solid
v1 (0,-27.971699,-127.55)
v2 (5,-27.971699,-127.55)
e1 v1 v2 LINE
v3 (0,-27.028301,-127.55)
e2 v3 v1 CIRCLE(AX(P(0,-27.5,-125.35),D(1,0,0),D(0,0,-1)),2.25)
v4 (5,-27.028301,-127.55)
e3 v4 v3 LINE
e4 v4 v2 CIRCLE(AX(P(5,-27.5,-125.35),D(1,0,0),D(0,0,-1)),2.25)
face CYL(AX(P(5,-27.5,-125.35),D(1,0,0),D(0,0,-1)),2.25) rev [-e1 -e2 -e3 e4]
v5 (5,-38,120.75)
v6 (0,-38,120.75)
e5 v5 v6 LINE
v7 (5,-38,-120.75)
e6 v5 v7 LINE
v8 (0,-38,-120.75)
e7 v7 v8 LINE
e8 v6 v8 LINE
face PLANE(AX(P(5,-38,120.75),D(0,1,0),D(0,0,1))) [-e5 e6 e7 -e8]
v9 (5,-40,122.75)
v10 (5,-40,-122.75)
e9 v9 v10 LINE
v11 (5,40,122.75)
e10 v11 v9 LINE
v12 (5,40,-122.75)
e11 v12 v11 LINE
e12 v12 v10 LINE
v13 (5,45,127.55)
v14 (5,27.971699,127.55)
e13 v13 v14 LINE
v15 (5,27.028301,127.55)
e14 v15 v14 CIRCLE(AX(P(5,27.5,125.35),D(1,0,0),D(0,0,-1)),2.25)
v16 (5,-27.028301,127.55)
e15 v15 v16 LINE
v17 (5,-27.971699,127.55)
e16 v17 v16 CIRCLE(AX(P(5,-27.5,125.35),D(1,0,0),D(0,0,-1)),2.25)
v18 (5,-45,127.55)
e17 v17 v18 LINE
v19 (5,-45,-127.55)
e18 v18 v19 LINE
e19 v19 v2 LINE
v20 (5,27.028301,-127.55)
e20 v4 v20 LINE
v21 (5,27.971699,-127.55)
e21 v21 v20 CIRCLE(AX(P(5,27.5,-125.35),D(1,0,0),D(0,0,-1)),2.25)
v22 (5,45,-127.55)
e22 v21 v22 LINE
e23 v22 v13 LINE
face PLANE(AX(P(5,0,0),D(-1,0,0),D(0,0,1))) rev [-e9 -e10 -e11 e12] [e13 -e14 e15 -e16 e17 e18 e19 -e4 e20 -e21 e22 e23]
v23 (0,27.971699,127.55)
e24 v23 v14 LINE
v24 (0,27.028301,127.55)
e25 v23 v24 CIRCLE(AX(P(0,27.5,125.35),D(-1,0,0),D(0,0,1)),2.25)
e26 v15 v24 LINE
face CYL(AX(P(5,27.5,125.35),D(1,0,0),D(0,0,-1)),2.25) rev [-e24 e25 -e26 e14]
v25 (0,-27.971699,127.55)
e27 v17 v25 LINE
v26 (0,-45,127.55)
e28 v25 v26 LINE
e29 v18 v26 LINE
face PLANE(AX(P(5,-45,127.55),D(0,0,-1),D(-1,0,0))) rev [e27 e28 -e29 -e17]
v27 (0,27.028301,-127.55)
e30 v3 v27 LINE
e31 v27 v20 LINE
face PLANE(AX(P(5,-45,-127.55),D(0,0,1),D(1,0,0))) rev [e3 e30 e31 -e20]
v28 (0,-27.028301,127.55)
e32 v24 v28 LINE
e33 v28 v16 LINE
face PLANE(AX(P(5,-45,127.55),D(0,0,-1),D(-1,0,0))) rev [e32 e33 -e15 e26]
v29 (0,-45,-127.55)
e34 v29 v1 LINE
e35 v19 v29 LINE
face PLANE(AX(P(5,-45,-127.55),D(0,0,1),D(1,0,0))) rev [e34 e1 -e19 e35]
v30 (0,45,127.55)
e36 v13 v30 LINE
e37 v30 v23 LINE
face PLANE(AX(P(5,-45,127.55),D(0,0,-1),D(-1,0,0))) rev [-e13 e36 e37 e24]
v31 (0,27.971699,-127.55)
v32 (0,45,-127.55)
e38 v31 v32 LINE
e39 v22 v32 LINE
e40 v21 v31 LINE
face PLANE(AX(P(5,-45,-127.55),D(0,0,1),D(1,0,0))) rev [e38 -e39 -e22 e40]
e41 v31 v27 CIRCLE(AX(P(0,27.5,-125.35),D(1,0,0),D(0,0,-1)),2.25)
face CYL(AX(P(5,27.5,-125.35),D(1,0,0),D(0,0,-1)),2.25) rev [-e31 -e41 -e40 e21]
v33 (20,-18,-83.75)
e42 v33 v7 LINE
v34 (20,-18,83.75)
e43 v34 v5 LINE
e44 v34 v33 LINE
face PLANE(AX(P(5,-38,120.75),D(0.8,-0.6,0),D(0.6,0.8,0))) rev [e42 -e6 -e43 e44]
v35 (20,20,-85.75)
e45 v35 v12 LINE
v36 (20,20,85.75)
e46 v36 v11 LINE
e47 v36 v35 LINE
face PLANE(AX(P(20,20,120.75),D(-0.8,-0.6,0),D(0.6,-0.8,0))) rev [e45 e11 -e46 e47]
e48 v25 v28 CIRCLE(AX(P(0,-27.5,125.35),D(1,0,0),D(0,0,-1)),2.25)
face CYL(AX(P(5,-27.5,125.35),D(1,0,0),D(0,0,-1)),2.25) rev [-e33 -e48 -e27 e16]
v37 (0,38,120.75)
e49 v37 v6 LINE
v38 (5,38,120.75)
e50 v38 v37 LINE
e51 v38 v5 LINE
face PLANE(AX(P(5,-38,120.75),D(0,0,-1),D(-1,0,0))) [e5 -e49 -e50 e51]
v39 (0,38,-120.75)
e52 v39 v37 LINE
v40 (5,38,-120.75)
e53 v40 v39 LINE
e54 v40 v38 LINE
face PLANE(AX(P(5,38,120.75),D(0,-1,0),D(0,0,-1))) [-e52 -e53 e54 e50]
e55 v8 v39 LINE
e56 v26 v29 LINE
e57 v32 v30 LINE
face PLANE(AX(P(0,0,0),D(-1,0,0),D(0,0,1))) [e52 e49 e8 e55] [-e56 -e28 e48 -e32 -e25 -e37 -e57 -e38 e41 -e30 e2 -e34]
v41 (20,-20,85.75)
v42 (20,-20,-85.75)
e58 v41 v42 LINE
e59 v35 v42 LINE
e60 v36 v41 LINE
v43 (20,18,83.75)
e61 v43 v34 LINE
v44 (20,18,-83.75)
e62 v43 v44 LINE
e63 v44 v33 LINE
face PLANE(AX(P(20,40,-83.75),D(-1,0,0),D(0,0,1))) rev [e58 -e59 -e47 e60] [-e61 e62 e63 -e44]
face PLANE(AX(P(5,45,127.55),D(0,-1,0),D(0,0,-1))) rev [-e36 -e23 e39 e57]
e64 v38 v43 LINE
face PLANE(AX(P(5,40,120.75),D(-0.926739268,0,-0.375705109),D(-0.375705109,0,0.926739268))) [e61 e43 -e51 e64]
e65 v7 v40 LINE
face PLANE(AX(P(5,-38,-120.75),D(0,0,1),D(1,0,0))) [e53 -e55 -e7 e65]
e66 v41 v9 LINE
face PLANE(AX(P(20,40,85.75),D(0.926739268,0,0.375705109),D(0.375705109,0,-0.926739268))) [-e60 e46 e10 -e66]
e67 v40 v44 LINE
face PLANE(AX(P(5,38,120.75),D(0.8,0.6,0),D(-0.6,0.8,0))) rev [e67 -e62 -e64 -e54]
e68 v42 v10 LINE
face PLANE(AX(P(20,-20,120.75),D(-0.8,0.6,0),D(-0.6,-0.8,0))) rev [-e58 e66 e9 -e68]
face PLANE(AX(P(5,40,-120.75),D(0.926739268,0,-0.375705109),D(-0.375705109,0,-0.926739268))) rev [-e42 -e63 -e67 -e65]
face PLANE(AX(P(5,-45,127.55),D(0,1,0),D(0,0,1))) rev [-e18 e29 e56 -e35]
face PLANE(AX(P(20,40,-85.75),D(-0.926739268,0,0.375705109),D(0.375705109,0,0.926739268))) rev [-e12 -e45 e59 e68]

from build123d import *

# Parameters (mm, degrees)
SKETCH1_W            = 255.1
SKETCH1_H            = 90
SKETCH1_W_2          = 241.5
SKETCH1_H_2          = 76
BOSS_EXTRUDE1_DEPTH  = 5
BOSS_EXTRUDE2_DEPTH  = 78
BOSS_EXTRUDE3_DEPTH  = 2
BOSS_EXTRUDE4_DEPTH  = 241.5
CUT_EXTRUDE1_DEPTH   = 141
CUT_EXTRUDE2_DEPTH   = 141
M4_CLEARANCE_HOLE1_D = 4.5


with BuildPart() as part:
    # Sketch1 → Boss-Extrude1 (new body)
    with BuildSketch(Plane(origin=(0, 0, 0), x_dir=(0, 0, -1), z_dir=(1, 0, 0))):
        Rectangle(SKETCH1_W, SKETCH1_H)
        Rectangle(SKETCH1_W_2, SKETCH1_H_2, mode=Mode.SUBTRACT)
    extrude(amount=BOSS_EXTRUDE1_DEPTH)

    # Sketch3 → Boss-Extrude2 (add)
    with BuildSketch(Plane(origin=(0, -38, 0), x_dir=(1, 0, 0), z_dir=(0, 1, 0))):
        Polygon((5, 120.75), (20, 83.75), (20, 85.75), (5, 122.75), align=None)
    boss_extrude2 = extrude(amount=BOSS_EXTRUDE2_DEPTH)

    # Sketch6 → Boss-Extrude3 (add)
    with BuildSketch(Plane.XZ.offset(38)):
        Polygon((5, -122.75), (20, -85.75), (20, -83.75), (5, -120.75), align=None)
    boss_extrude3 = extrude(amount=BOSS_EXTRUDE3_DEPTH)

    # Mirror1: Boss-Extrude2, Boss-Extrude3 across plane
    add(boss_extrude2.mirror(Plane.XY))
    add(boss_extrude3.mirror(Plane.XY))

    # Sketch7 → Boss-Extrude4 (add)
    with BuildSketch(Plane.XY.offset(-120.75)):
        Polygon((5, 38), (20, 18), (20, 20), (5, 40), align=None)
        Polygon((5, -40), (5, -38), (20, -18), (20, -20), align=None)
    extrude(amount=BOSS_EXTRUDE4_DEPTH)

    # Sketch8 → Cut-Extrude1 (cut)
    with BuildSketch(Plane.XZ.offset(45)):
        Polygon((20, -120.75), (5.810810811, -120.75), (20, -85.75), align=None)
        Polygon((5.810810811, 120.75), (20, 120.75), (20, 85.75), align=None)
    extrude(amount=-CUT_EXTRUDE1_DEPTH, mode=Mode.SUBTRACT)

    # Sketch9 → Cut-Extrude2 (cut, symmetric)
    with BuildSketch(Plane.XY):
        Polygon((5, 40), (20, 20), (20, 40), align=None)
    cut_extrude2 = extrude(amount=CUT_EXTRUDE2_DEPTH, both=True, mode=Mode.SUBTRACT)

    # Mirror5: Cut-Extrude2 across plane
    add(cut_extrude2.mirror(Plane.ZX), mode=Mode.SUBTRACT)

    # M4 Clearance Hole1 (through all)
    with Locations(Plane(origin=(5, 0, 0), x_dir=(0, 0, -1), z_dir=(1, 0, 0))):
        with Locations((-125.35, 27.5), (-125.35, -27.5)):
            m4_clearance_hole1 = Hole(M4_CLEARANCE_HOLE1_D / 2)

    # Mirror6: M4 Clearance Hole1 across plane
    add(m4_clearance_hole1.mirror(Plane.XY), mode=Mode.SUBTRACT)


solid = part.part
